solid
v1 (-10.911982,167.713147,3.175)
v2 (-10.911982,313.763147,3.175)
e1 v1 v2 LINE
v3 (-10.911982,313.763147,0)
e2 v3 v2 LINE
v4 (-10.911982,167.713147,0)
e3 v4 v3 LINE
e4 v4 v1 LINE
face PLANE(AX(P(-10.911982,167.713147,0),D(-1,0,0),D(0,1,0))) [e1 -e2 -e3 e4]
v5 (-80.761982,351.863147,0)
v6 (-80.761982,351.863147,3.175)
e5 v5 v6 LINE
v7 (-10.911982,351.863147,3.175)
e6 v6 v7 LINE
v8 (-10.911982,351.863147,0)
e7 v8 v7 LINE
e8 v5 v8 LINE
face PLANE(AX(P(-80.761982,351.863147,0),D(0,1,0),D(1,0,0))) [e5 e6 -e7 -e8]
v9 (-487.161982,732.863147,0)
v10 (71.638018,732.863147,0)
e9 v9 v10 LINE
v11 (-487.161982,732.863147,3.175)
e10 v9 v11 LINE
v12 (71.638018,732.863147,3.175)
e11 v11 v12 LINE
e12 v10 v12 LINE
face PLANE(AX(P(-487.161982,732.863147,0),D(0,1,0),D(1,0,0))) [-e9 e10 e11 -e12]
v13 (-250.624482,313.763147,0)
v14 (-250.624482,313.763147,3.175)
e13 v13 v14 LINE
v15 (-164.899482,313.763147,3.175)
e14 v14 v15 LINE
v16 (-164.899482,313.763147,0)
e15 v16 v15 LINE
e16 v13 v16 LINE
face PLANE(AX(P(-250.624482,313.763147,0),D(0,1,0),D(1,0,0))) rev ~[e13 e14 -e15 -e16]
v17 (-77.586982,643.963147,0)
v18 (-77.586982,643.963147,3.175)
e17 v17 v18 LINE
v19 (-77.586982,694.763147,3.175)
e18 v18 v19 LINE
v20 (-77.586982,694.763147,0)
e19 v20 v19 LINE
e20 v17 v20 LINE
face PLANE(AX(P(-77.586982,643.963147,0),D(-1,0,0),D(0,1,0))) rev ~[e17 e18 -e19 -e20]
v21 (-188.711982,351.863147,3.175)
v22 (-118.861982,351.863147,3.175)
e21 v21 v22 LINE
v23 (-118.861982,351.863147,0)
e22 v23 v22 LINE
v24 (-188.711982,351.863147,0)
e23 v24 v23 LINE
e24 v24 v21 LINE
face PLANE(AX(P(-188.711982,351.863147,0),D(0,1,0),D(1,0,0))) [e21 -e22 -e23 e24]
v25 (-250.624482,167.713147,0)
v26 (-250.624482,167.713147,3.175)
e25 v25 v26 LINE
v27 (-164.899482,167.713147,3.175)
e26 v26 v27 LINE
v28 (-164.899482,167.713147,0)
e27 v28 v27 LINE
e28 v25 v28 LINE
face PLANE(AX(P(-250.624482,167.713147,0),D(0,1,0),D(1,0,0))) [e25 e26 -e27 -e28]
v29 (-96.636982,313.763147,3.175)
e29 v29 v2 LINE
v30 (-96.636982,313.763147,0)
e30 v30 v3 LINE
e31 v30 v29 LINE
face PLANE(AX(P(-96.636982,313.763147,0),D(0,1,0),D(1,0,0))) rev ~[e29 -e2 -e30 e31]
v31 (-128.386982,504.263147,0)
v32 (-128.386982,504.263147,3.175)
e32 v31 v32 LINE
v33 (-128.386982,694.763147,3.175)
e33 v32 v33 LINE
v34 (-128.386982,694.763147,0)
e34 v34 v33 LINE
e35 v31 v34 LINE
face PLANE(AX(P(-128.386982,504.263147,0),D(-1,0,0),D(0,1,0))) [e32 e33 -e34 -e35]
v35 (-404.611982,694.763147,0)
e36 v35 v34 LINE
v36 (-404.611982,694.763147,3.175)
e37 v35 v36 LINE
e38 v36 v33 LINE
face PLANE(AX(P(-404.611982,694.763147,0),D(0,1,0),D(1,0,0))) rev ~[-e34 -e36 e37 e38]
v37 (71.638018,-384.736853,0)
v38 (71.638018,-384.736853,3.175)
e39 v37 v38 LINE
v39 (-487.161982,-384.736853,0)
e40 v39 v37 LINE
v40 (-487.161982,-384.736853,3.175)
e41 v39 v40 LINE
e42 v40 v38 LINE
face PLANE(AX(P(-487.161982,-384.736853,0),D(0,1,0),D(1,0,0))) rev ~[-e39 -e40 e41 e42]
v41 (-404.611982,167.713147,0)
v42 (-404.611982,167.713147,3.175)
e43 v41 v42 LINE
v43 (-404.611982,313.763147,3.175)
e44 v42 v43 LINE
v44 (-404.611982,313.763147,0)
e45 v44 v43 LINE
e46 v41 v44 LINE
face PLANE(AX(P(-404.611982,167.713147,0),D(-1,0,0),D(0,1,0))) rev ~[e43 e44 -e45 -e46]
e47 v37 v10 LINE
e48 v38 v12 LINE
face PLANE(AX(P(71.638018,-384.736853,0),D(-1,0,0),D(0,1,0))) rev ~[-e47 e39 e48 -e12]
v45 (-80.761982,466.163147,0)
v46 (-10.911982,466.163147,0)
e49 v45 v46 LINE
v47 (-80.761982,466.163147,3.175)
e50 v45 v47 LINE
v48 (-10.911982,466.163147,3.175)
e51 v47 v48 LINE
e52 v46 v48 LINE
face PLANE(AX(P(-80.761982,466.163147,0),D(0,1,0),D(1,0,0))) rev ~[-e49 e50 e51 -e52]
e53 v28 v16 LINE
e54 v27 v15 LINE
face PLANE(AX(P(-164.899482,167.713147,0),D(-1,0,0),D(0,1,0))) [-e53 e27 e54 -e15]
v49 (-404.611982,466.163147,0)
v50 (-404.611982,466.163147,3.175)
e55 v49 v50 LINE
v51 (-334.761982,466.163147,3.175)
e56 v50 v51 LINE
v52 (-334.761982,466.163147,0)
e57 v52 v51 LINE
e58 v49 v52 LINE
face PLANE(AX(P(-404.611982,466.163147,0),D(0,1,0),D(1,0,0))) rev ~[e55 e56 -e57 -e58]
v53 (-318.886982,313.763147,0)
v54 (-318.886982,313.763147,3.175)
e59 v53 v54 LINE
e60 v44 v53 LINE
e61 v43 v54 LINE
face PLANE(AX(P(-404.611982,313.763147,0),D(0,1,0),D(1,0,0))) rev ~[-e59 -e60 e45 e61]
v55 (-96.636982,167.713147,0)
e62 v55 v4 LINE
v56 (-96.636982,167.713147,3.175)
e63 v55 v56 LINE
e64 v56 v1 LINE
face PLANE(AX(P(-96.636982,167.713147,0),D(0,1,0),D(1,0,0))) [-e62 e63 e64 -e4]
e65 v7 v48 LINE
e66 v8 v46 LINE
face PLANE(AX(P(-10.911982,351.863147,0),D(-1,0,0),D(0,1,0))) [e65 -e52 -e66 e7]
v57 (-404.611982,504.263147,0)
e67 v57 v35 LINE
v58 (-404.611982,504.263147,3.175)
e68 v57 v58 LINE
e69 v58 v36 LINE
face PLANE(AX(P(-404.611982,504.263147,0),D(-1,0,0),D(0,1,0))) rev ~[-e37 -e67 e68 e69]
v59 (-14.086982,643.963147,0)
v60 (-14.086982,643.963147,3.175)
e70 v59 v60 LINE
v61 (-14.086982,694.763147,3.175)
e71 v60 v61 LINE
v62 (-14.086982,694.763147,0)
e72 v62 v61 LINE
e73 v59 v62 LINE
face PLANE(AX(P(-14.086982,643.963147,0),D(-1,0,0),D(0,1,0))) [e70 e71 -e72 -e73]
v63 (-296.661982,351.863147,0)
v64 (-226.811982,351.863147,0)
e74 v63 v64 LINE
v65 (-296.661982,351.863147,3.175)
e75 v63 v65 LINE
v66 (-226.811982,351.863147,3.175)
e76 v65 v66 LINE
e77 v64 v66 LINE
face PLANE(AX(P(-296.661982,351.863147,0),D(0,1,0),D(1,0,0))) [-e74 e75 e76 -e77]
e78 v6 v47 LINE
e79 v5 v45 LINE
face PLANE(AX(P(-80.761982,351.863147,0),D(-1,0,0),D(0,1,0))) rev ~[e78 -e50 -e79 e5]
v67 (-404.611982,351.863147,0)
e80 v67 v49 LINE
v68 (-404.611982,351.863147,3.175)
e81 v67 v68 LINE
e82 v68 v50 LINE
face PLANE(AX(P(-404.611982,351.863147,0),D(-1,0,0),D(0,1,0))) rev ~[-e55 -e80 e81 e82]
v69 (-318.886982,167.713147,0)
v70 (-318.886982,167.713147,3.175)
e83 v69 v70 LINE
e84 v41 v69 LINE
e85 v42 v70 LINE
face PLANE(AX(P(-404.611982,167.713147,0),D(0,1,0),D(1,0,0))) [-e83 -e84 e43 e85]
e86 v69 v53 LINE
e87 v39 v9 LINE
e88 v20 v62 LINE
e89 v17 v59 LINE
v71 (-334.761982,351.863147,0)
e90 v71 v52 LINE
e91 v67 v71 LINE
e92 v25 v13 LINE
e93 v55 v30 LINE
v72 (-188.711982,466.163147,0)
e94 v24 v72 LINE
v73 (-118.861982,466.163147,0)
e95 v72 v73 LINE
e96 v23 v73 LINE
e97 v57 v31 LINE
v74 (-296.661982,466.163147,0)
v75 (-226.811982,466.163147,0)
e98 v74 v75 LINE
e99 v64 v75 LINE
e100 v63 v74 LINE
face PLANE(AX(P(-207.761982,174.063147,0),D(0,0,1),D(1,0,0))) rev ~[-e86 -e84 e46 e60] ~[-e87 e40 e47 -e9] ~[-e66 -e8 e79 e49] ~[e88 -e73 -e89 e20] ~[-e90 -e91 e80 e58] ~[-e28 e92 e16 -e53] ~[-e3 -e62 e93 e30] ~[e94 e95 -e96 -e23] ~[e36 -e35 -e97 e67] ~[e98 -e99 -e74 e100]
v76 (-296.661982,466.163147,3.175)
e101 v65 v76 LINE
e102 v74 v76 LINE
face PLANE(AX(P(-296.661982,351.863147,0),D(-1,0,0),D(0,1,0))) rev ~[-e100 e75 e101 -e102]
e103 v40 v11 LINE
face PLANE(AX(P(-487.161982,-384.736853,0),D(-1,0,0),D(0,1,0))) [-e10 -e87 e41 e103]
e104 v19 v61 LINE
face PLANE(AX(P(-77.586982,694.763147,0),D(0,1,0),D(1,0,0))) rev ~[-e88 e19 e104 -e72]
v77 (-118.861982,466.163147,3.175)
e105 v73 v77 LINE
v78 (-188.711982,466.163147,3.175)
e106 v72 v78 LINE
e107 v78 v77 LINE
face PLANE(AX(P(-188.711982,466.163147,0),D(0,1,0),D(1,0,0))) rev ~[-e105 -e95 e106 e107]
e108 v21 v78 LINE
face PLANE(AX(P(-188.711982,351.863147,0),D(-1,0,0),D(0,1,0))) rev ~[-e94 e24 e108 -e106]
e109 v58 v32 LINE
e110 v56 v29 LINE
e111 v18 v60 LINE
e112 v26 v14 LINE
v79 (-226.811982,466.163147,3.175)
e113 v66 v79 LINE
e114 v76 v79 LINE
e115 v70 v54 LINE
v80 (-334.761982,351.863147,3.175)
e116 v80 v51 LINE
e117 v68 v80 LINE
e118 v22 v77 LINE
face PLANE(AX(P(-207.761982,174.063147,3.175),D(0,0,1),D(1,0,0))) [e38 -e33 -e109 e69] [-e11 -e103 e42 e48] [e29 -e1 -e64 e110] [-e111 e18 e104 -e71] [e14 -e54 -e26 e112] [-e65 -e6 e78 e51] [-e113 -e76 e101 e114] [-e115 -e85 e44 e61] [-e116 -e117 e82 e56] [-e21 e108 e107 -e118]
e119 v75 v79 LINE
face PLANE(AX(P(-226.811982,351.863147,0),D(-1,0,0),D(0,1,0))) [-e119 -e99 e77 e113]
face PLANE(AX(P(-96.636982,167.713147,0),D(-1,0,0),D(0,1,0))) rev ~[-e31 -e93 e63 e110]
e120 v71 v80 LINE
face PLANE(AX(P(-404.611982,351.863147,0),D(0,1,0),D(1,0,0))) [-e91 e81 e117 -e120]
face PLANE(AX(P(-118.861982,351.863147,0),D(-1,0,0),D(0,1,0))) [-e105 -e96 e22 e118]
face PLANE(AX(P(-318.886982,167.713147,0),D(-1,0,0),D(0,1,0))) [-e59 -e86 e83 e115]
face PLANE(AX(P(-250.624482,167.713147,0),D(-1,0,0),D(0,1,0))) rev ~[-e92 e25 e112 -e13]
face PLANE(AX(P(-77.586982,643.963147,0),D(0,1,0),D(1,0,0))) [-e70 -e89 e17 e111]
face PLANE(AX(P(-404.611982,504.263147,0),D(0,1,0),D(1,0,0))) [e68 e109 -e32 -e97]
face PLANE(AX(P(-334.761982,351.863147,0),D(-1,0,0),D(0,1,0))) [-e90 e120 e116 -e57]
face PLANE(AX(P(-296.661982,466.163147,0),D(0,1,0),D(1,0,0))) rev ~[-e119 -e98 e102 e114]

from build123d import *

# Parameters (mm, degrees)
F0_W     = 558.8
F0_H     = 1117.6
F0_W_2   = 85.725
F0_H_2   = 146.05
F0_W_3   = 69.85
F0_H_3   = 114.3
F0_W_4   = 276.225
F0_H_4   = 190.5
F0_W_5   = 63.5
F0_H_5   = 50.8
F1_DEPTH = 3.175


with BuildPart() as f1:
    # F0 (on Top) → F1 (new body)
    with BuildSketch(Plane.XY):
        with Locations((-207.761982, 174.063147)):
            Rectangle(F0_W, F0_H)
        with Locations((-361.749482, 240.738147)):
            Rectangle(F0_W_2, F0_H_2, mode=Mode.SUBTRACT)
        with Locations((-369.686982, 409.013147)):
            Rectangle(F0_W_3, F0_H_3, mode=Mode.SUBTRACT)
        with Locations((-207.761982, 240.738147)):
            Rectangle(F0_W_2, F0_H_2, mode=Mode.SUBTRACT)
        with Locations((-261.736982, 409.013147)):
            Rectangle(F0_W_3, F0_H_3, mode=Mode.SUBTRACT)
        with Locations((-266.499482, 599.513147)):
            Rectangle(F0_W_4, F0_H_4, mode=Mode.SUBTRACT)
        with Locations((-153.786982, 409.013147)):
            Rectangle(F0_W_3, F0_H_3, mode=Mode.SUBTRACT)
        with Locations((-53.774482, 240.738147)):
            Rectangle(F0_W_2, F0_H_2, mode=Mode.SUBTRACT)
        with Locations((-45.836982, 409.013147)):
            Rectangle(F0_W_3, F0_H_3, mode=Mode.SUBTRACT)
        with Locations((-45.836982, 669.363147)):
            Rectangle(F0_W_5, F0_H_5, mode=Mode.SUBTRACT)
    extrude(amount=F1_DEPTH)


solid = f1.part
